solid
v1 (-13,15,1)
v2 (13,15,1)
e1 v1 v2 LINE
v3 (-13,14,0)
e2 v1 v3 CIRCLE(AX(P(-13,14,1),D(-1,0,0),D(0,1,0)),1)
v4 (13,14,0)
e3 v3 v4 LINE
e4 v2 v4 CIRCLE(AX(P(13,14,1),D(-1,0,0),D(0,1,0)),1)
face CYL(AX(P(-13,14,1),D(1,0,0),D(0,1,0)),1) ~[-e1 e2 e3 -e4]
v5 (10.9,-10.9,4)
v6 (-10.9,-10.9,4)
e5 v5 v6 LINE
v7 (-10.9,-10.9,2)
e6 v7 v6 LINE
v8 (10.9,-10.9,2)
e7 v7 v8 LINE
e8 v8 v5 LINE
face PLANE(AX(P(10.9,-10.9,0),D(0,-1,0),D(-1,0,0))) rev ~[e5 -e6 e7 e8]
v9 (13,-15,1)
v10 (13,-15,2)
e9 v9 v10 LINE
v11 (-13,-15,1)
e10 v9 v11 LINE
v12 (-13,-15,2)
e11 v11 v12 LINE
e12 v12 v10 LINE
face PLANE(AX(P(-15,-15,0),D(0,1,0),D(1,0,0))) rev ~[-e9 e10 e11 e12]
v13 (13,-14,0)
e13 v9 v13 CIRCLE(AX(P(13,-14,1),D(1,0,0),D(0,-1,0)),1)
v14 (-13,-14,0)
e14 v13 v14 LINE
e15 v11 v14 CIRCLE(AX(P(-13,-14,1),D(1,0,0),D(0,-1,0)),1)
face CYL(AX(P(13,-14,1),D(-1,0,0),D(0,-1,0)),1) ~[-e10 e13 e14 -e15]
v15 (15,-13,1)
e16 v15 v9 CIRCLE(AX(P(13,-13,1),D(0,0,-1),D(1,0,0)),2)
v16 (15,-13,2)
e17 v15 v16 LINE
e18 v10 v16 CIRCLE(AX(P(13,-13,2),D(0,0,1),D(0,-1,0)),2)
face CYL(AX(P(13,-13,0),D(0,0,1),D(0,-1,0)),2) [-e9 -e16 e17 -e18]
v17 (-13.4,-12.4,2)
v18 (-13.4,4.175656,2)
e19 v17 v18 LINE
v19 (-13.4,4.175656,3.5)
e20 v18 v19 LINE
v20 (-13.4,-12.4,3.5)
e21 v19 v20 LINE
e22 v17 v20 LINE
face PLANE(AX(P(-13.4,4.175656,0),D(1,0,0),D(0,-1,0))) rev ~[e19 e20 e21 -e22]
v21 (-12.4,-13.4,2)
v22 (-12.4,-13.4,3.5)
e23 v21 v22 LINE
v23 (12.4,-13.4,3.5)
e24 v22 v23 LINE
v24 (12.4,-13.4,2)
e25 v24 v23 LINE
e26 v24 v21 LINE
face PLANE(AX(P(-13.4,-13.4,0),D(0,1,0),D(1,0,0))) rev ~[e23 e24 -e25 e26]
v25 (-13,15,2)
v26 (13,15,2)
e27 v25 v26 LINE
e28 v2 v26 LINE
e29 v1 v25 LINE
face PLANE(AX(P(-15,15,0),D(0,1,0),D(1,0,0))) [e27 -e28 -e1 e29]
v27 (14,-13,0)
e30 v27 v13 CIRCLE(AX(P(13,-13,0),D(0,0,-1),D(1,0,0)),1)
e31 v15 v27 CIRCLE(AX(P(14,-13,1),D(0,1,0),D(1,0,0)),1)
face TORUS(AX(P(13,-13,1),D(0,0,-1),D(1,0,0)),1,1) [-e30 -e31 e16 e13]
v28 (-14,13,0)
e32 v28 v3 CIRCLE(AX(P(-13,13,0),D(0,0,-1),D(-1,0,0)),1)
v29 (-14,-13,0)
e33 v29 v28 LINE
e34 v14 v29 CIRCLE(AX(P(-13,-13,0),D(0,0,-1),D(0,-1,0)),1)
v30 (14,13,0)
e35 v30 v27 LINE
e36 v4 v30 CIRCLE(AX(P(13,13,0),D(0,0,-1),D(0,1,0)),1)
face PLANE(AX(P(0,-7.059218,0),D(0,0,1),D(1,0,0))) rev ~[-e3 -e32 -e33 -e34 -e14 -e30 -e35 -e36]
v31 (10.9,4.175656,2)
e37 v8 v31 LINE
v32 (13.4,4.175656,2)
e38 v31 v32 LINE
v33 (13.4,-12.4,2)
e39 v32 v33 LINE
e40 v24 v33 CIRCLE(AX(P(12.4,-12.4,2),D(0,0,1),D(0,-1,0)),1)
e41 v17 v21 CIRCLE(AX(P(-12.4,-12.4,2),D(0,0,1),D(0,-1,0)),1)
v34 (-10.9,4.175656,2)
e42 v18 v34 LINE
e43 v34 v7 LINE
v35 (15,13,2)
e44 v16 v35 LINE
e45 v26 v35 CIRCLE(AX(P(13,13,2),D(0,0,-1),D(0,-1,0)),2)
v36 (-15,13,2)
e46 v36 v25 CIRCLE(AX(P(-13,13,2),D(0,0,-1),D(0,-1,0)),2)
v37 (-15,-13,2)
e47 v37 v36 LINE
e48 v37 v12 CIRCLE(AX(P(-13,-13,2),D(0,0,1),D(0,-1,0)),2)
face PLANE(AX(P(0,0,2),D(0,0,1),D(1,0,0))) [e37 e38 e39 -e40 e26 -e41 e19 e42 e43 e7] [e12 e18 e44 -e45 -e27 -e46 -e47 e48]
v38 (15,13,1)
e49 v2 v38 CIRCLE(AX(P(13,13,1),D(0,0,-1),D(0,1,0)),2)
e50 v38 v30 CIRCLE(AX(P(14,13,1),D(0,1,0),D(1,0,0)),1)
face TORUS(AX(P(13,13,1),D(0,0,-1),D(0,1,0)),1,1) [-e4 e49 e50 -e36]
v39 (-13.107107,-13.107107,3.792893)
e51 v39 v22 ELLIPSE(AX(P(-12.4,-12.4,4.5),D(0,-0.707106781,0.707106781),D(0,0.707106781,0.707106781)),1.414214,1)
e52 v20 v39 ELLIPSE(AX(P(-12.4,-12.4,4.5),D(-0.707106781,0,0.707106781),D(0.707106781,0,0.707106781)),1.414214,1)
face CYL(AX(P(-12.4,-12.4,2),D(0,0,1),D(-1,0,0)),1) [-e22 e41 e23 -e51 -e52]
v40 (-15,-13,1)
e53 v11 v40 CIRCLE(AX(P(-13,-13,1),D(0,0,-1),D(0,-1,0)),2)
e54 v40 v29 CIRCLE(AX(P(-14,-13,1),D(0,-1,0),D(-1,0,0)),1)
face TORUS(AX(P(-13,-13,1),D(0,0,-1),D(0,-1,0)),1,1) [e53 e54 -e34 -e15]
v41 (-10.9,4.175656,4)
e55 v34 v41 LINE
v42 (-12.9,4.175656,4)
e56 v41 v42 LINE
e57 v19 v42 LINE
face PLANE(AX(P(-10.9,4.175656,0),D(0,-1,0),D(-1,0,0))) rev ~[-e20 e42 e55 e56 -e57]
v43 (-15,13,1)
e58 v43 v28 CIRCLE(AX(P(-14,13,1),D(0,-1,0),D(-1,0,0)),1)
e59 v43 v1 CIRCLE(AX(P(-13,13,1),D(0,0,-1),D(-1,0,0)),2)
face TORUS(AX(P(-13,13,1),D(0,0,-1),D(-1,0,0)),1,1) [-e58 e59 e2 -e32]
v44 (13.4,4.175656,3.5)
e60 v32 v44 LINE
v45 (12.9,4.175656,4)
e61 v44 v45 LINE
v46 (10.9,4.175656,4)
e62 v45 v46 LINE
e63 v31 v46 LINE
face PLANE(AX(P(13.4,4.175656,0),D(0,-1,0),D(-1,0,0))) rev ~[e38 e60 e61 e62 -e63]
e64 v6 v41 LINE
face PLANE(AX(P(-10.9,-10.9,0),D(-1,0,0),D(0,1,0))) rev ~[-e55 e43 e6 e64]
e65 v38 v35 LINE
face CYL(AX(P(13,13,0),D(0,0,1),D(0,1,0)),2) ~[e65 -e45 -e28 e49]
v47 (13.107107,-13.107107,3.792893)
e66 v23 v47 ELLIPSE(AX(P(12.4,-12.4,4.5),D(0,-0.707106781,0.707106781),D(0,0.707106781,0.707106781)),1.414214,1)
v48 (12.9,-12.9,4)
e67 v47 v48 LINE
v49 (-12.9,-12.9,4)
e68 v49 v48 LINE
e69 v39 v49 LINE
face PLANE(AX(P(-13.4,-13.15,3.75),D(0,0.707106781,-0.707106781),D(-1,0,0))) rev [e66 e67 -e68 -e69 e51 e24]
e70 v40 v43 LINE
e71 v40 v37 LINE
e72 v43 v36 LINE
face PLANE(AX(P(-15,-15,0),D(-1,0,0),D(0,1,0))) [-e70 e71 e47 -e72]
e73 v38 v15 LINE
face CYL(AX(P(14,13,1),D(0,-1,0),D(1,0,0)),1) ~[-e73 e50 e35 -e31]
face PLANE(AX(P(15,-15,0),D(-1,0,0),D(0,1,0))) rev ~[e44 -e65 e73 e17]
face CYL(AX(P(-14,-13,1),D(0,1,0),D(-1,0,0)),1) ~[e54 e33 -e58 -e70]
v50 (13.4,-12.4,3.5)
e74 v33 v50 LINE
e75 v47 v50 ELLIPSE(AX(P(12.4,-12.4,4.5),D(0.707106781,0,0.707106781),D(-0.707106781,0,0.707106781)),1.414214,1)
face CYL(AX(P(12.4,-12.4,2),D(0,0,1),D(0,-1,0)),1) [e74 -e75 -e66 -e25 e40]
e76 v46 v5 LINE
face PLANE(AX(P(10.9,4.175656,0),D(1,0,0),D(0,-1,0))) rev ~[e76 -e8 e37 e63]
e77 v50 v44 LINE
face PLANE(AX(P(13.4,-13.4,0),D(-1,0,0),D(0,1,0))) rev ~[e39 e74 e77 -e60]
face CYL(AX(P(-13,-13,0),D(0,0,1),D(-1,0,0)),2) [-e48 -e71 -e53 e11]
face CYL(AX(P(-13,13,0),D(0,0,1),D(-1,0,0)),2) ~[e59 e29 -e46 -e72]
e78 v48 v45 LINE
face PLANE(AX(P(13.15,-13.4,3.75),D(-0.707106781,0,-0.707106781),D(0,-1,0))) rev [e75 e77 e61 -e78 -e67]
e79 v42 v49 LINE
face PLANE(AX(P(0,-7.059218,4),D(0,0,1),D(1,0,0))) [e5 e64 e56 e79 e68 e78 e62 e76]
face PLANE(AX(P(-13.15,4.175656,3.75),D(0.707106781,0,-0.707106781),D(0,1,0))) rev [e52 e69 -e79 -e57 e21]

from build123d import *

# Parameters (mm, degrees)
F0_W     = 30
F0_H     = 30
F1_DEPTH = 2
F2_DEPTH = 4
F3_R     = 2
F4_SIZE  = 0.5
F5_R     = 1
F6_R     = 1


with BuildPart() as f1:
    # F0 (on Top) → F1 (new body)
    with BuildSketch(Plane.XY):
        Rectangle(F0_W, F0_H)
        Polygon((-13.4, 13.4), (13.4, 13.4), (13.4, 4.1756560095), (13.4, -13.4), (-13.4, -13.4), (-13.4, 4.1756560095), align=None, mode=Mode.SUBTRACT)
        Polygon((13.4, 4.1756560095), (13.4, 13.4), (-13.4, 13.4), (-13.4, 4.1756560095), (-10.9, 4.1756560095), (-10.9, -10.9), (10.9, -10.9), (10.9, 4.1756560095), align=None)
        Polygon((13.4, -13.4), (13.4, 4.1756560095), (10.9, 4.1756560095), (10.9, -10.9), (-10.9, -10.9), (-10.9, 4.1756560095), (-13.4, 4.1756560095), (-13.4, -13.4), align=None)
    extrude(amount=F1_DEPTH)

    # F0 (on Top) → F2 (join)
    with BuildSketch(Plane.XY):
        Polygon((13.4, -13.4), (13.4, 4.1756560095), (10.9, 4.1756560095), (10.9, -10.9), (-10.9, -10.9), (-10.9, 4.1756560095), (-13.4, 4.1756560095), (-13.4, -13.4), align=None)
    extrude(amount=F2_DEPTH)

    # F3
    f3_edges = [f1.edges().sort_by_distance(p)[0] for p in [
        (-15, -15, 1),
        (-15, 15, 1),
        (15, 15, 1),
        (15, -15, 1),
    ]]
    fillet(f3_edges, radius=F3_R)

    # F4
    f4_edges = [f1.edges().sort_by_distance(p)[0] for p in [
        (13.4, -4.612172, 4),
        (0, -13.4, 4),
        (-13.4, -4.612172, 4),
    ]]
    chamfer(f4_edges, length=F4_SIZE)

    # F5
    f5_edges = [f1.edges().sort_by_distance(p)[0] for p in [
        (0, 15, 0),
    ]]
    fillet(f5_edges, radius=F5_R)

    # F6
    f6_edges = [f1.edges().sort_by_distance(p)[0] for p in [
        (13.4, -13.4, 2.75),
        (-13.4, -13.4, 2.75),
    ]]
    fillet(f6_edges, radius=F6_R)


solid = f1.part
